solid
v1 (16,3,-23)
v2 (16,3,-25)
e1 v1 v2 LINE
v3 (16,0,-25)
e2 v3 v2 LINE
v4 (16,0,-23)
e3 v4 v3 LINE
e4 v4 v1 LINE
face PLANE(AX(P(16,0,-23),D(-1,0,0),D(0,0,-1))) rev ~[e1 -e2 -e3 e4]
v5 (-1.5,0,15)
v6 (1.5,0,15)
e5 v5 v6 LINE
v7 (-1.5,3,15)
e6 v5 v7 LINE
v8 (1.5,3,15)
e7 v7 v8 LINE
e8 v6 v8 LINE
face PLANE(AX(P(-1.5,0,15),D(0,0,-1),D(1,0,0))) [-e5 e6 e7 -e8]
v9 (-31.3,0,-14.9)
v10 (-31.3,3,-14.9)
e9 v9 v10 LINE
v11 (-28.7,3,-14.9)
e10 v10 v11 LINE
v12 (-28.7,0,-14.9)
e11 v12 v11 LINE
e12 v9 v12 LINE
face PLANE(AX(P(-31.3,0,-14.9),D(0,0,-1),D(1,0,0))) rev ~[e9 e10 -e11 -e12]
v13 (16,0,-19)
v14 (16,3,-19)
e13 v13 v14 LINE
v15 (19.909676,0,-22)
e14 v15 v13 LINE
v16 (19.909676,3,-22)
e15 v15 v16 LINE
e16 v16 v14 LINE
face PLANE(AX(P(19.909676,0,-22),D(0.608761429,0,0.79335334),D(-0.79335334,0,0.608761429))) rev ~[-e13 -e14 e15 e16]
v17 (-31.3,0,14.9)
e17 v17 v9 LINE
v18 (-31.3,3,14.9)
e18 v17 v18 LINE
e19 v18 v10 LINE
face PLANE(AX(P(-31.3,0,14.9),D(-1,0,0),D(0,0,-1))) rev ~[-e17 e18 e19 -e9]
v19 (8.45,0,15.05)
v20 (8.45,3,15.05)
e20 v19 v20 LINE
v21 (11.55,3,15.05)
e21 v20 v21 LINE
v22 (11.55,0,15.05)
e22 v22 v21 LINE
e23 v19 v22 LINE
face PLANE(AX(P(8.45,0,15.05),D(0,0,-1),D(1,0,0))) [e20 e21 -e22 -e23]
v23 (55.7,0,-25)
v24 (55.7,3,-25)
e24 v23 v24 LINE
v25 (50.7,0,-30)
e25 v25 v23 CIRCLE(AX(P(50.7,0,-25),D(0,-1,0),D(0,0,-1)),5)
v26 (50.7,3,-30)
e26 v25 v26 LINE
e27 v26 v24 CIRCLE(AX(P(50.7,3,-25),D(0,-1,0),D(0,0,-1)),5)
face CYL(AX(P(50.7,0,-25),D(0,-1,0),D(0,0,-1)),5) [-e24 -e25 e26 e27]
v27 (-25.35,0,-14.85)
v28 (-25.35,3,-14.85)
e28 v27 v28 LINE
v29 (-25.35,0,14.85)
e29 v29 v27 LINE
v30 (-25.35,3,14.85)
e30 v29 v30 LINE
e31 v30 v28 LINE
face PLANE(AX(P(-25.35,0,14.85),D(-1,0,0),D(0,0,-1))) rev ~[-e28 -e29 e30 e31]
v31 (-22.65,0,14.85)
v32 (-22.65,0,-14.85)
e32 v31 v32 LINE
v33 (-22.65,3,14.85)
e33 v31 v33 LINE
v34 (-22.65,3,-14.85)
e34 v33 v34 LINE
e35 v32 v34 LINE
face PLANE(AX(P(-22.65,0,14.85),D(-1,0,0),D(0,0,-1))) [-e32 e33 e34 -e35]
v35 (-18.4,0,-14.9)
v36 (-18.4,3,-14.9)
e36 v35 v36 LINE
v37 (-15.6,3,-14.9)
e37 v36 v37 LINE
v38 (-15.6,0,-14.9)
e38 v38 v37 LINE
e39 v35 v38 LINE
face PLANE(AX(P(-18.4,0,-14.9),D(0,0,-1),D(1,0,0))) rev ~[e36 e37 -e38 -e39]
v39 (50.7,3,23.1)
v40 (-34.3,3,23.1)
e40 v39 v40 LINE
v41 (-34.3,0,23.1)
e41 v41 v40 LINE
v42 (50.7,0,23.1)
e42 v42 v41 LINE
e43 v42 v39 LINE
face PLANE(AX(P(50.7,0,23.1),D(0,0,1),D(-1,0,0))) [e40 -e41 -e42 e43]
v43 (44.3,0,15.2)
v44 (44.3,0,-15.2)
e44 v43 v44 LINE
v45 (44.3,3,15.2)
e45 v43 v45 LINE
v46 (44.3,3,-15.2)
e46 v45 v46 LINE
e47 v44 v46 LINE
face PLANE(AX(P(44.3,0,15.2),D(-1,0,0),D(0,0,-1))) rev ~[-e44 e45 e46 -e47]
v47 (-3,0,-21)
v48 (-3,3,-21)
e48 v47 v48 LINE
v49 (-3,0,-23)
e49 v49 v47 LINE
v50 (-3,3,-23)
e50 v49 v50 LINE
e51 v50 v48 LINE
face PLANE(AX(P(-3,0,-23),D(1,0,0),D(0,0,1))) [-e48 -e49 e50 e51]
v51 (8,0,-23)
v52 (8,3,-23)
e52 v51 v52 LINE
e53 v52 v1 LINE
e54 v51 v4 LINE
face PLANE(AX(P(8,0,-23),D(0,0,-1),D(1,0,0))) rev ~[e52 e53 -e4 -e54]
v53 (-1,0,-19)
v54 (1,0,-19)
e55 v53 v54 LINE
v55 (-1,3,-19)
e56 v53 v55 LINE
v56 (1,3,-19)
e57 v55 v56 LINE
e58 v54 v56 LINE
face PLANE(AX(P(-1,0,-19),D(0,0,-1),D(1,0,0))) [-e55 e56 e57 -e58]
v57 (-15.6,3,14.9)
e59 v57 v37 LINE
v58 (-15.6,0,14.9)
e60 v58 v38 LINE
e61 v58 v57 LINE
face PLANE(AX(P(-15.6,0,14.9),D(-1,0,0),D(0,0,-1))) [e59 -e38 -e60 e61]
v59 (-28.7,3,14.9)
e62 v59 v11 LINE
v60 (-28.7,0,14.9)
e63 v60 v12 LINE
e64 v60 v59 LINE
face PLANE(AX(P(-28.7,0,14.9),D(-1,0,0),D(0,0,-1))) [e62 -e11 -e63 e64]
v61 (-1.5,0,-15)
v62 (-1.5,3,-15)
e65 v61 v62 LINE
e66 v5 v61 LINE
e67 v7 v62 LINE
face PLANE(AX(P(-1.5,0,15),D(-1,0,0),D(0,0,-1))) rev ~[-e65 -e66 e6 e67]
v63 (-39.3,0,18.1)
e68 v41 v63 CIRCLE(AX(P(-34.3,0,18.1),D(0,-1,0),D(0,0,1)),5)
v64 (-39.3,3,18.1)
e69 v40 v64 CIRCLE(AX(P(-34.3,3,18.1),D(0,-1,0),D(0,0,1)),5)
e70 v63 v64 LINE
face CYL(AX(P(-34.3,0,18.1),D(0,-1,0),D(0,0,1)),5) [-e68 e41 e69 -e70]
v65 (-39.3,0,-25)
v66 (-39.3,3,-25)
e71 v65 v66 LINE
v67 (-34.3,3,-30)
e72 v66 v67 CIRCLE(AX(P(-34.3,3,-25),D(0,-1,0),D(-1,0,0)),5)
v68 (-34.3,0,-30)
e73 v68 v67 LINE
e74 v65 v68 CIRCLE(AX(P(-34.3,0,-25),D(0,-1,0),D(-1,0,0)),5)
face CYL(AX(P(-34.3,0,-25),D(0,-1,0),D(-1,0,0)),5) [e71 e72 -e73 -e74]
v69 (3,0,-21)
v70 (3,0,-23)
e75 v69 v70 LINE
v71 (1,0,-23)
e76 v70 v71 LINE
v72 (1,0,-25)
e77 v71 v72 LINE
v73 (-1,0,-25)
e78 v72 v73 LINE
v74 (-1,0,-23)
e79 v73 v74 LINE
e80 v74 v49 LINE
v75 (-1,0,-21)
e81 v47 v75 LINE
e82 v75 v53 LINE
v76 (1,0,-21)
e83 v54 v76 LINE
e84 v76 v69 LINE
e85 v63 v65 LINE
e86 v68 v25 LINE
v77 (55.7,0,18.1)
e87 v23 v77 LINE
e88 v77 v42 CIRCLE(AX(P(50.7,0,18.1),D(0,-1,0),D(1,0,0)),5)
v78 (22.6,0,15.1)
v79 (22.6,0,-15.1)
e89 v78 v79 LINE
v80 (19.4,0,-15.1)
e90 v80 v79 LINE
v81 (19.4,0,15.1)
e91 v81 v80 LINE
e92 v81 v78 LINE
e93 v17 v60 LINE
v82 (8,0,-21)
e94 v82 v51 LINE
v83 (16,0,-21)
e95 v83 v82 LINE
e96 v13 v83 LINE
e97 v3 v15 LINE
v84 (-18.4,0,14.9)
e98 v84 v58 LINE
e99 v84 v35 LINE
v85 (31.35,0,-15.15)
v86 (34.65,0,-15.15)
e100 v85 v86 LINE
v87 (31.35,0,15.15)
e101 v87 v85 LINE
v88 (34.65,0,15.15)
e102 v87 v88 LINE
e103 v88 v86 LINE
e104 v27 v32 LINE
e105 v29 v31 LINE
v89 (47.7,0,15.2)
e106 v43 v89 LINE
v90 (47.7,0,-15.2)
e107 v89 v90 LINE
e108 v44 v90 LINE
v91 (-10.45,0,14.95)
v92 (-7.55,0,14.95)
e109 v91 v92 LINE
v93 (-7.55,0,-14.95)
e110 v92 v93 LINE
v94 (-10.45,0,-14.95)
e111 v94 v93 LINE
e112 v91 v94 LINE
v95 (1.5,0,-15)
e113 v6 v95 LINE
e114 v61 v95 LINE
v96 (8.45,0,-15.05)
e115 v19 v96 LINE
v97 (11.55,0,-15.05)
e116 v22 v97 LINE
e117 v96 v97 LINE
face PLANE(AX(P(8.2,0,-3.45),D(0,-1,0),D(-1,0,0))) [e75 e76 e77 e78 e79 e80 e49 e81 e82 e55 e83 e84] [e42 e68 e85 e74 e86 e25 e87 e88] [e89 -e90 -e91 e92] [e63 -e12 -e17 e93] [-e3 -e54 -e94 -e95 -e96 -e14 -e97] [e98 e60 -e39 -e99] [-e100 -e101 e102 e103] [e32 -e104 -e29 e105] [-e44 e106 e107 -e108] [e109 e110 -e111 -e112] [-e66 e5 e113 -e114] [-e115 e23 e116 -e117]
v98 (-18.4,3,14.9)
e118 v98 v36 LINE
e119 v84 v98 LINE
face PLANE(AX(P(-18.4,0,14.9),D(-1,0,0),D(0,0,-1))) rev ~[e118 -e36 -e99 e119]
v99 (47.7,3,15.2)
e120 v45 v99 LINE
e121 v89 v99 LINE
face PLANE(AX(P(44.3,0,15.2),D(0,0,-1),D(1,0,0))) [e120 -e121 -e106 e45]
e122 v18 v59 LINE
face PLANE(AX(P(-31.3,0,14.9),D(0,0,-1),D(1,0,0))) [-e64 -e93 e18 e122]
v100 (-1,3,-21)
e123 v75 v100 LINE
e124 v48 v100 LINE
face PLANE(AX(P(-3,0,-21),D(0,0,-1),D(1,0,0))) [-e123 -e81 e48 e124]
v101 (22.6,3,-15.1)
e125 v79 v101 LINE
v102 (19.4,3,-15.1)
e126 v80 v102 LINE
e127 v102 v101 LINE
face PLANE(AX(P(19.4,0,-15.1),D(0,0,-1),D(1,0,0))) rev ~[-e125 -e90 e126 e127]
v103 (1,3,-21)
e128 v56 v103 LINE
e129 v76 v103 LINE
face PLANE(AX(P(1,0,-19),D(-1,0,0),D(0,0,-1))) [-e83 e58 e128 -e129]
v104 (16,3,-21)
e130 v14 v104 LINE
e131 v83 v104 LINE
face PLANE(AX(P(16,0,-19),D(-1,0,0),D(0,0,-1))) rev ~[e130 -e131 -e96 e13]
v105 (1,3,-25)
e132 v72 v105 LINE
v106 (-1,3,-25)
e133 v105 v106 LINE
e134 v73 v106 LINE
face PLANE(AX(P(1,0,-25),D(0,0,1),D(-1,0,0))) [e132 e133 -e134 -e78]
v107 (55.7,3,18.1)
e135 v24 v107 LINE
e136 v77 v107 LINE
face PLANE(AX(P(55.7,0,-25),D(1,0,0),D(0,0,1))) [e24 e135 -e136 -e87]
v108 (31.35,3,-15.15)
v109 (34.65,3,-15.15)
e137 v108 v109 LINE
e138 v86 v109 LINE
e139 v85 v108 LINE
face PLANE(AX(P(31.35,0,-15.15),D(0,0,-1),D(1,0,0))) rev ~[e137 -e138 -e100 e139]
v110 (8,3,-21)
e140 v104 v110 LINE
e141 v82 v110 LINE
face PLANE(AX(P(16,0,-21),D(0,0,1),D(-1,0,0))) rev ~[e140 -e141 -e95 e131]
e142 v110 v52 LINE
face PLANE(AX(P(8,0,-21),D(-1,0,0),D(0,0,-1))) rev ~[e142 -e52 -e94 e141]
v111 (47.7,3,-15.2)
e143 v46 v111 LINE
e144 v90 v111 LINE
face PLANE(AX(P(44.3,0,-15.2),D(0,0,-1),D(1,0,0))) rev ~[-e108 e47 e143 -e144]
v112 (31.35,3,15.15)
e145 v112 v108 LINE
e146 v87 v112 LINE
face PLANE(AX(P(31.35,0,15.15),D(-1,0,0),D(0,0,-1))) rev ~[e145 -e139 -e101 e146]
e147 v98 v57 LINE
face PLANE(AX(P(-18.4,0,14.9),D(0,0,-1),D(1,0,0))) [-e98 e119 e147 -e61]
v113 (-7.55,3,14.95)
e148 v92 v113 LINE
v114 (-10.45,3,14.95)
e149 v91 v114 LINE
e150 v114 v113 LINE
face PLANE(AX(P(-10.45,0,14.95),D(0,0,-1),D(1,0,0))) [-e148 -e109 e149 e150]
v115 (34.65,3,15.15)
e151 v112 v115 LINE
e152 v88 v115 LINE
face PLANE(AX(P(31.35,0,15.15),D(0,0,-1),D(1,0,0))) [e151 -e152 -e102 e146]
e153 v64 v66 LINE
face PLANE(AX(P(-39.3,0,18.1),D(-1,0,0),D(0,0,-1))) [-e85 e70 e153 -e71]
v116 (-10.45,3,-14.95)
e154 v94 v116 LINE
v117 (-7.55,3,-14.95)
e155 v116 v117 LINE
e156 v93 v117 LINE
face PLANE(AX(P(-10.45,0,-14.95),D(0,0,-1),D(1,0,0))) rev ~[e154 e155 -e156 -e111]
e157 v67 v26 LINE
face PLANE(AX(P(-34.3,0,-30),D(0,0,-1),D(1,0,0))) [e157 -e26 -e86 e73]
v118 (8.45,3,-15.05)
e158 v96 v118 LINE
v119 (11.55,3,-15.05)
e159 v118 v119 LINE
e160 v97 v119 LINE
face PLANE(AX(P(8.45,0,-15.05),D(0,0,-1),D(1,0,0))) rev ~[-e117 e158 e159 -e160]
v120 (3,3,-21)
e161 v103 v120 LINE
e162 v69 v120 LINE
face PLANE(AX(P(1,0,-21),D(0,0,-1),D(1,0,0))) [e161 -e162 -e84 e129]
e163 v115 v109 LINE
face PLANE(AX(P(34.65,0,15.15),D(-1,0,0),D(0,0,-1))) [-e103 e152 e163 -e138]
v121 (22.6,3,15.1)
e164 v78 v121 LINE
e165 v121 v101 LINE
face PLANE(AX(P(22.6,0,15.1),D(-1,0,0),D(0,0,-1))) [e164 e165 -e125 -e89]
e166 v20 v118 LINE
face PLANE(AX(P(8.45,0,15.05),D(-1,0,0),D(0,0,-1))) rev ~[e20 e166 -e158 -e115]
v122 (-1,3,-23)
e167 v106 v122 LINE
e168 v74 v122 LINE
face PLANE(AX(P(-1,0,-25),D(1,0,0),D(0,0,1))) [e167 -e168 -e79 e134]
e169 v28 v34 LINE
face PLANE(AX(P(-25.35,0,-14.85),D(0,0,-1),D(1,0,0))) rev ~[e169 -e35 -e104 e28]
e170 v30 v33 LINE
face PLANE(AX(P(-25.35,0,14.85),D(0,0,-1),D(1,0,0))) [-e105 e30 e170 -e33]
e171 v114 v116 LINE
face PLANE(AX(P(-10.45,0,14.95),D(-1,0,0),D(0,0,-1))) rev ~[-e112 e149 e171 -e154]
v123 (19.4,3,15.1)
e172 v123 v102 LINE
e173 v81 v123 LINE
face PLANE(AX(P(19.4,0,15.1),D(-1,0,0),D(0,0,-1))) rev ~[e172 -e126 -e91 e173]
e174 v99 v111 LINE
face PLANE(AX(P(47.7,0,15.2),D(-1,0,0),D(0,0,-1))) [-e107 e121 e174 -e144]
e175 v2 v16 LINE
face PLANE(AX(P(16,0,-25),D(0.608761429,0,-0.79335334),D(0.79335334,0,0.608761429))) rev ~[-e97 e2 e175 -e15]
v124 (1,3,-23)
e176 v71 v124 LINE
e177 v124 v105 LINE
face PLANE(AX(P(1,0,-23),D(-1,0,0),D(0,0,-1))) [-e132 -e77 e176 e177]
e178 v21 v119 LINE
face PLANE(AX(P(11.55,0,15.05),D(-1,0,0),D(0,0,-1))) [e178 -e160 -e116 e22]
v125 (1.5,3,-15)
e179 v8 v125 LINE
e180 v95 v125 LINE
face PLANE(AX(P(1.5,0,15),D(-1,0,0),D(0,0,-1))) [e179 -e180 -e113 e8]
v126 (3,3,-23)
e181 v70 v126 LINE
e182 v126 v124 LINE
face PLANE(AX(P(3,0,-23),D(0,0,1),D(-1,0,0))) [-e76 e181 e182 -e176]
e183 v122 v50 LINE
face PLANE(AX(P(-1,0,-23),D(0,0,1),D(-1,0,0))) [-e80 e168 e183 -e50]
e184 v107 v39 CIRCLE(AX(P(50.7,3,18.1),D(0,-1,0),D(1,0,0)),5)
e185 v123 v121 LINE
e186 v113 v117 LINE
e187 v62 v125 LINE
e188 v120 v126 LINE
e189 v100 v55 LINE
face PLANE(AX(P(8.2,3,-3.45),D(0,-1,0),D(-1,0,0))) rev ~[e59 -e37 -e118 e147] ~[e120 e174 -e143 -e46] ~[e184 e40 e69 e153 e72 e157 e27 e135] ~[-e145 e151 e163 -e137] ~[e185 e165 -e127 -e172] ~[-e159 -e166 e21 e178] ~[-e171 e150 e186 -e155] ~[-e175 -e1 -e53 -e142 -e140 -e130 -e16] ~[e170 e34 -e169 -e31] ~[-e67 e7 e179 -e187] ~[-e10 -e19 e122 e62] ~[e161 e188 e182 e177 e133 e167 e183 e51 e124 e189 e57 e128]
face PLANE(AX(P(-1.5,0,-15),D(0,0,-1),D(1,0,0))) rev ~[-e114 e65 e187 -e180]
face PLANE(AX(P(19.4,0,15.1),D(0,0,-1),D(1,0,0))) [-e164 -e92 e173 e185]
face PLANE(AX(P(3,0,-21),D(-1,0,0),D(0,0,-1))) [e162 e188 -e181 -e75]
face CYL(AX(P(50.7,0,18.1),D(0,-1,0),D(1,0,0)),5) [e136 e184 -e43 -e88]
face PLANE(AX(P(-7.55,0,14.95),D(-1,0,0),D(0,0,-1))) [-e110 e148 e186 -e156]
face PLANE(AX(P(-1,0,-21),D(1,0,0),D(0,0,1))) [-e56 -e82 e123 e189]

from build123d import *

# Parameters (mm, degrees)
SKETCH1_W           = 2.7
SKETCH1_H           = 29.7
SKETCH1_W_2         = 2.8
SKETCH1_H_2         = 29.8
SKETCH1_W_3         = 2.9
SKETCH1_H_3         = 29.9
SKETCH1_W_4         = 3
SKETCH1_H_4         = 30
SKETCH1_W_5         = 3.1
SKETCH1_H_5         = 30.1
SKETCH1_W_6         = 3.2
SKETCH1_H_6         = 30.2
SKETCH1_W_7         = 3.3
SKETCH1_H_7         = 30.3
SKETCH1_W_8         = 2.6
SKETCH1_W_9         = 3.4
SKETCH1_H_8         = 30.4
BOSS_EXTRUDE1_DEPTH = 3


with BuildPart() as part:
    # Sketch1 → Boss-Extrude1 (new body)
    with BuildSketch(Plane(origin=(0, 0, 0), x_dir=(1, 0, 0), z_dir=(0, 1, 0))):
        with BuildLine():
            Line((50.7, -23.1), (-34.3, -23.1))
            ThreePointArc((-34.3, -23.1), (-37.835533906, -21.635533906), (-39.3, -18.1))
            Line((-39.3, -18.1), (-39.3, 25))
            ThreePointArc((-39.3, 25), (-37.835533906, 28.535533906), (-34.3, 30))
            Line((-34.3, 30), (50.7, 30))
            ThreePointArc((50.7, 30), (54.235533906, 28.535533906), (55.7, 25))
            Line((55.7, 25), (55.7, -18.1))
            ThreePointArc((55.7, -18.1), (54.235533906, -21.635533906), (50.7, -23.1))
        make_face()
        Polygon((1, 21), (3, 21), (3, 23), (1, 23), (1, 25), (-1, 25), (-1, 23), (-3, 23), (-3, 21), (-1, 21), (-1, 19), (1, 19), align=None, mode=Mode.SUBTRACT)
        with Locations((-24, 0)):
            Rectangle(SKETCH1_W, SKETCH1_H, mode=Mode.SUBTRACT)
        with Locations((-17, 0)):
            Rectangle(SKETCH1_W_2, SKETCH1_H_2, mode=Mode.SUBTRACT)
        with Locations((-9, 0)):
            Rectangle(SKETCH1_W_3, SKETCH1_H_3, mode=Mode.SUBTRACT)
        Rectangle(SKETCH1_W_4, SKETCH1_H_4, mode=Mode.SUBTRACT)
        with Locations((10, 0)):
            Rectangle(SKETCH1_W_5, SKETCH1_H_5, mode=Mode.SUBTRACT)
        with Locations((21, 0)):
            Rectangle(SKETCH1_W_6, SKETCH1_H_6, mode=Mode.SUBTRACT)
        with Locations((33, 0)):
            Rectangle(SKETCH1_W_7, SKETCH1_H_7, mode=Mode.SUBTRACT)
        with Locations((-30, 0)):
            Rectangle(SKETCH1_W_8, SKETCH1_H_2, mode=Mode.SUBTRACT)
        with Locations((46, 0)):
            Rectangle(SKETCH1_W_9, SKETCH1_H_8, mode=Mode.SUBTRACT)
        Polygon((16, 23), (16, 25), (19.909676119, 22), (16, 19), (16, 21), (8, 21), (8, 23), align=None, mode=Mode.SUBTRACT)
    extrude(amount=BOSS_EXTRUDE1_DEPTH)


solid = part.part
